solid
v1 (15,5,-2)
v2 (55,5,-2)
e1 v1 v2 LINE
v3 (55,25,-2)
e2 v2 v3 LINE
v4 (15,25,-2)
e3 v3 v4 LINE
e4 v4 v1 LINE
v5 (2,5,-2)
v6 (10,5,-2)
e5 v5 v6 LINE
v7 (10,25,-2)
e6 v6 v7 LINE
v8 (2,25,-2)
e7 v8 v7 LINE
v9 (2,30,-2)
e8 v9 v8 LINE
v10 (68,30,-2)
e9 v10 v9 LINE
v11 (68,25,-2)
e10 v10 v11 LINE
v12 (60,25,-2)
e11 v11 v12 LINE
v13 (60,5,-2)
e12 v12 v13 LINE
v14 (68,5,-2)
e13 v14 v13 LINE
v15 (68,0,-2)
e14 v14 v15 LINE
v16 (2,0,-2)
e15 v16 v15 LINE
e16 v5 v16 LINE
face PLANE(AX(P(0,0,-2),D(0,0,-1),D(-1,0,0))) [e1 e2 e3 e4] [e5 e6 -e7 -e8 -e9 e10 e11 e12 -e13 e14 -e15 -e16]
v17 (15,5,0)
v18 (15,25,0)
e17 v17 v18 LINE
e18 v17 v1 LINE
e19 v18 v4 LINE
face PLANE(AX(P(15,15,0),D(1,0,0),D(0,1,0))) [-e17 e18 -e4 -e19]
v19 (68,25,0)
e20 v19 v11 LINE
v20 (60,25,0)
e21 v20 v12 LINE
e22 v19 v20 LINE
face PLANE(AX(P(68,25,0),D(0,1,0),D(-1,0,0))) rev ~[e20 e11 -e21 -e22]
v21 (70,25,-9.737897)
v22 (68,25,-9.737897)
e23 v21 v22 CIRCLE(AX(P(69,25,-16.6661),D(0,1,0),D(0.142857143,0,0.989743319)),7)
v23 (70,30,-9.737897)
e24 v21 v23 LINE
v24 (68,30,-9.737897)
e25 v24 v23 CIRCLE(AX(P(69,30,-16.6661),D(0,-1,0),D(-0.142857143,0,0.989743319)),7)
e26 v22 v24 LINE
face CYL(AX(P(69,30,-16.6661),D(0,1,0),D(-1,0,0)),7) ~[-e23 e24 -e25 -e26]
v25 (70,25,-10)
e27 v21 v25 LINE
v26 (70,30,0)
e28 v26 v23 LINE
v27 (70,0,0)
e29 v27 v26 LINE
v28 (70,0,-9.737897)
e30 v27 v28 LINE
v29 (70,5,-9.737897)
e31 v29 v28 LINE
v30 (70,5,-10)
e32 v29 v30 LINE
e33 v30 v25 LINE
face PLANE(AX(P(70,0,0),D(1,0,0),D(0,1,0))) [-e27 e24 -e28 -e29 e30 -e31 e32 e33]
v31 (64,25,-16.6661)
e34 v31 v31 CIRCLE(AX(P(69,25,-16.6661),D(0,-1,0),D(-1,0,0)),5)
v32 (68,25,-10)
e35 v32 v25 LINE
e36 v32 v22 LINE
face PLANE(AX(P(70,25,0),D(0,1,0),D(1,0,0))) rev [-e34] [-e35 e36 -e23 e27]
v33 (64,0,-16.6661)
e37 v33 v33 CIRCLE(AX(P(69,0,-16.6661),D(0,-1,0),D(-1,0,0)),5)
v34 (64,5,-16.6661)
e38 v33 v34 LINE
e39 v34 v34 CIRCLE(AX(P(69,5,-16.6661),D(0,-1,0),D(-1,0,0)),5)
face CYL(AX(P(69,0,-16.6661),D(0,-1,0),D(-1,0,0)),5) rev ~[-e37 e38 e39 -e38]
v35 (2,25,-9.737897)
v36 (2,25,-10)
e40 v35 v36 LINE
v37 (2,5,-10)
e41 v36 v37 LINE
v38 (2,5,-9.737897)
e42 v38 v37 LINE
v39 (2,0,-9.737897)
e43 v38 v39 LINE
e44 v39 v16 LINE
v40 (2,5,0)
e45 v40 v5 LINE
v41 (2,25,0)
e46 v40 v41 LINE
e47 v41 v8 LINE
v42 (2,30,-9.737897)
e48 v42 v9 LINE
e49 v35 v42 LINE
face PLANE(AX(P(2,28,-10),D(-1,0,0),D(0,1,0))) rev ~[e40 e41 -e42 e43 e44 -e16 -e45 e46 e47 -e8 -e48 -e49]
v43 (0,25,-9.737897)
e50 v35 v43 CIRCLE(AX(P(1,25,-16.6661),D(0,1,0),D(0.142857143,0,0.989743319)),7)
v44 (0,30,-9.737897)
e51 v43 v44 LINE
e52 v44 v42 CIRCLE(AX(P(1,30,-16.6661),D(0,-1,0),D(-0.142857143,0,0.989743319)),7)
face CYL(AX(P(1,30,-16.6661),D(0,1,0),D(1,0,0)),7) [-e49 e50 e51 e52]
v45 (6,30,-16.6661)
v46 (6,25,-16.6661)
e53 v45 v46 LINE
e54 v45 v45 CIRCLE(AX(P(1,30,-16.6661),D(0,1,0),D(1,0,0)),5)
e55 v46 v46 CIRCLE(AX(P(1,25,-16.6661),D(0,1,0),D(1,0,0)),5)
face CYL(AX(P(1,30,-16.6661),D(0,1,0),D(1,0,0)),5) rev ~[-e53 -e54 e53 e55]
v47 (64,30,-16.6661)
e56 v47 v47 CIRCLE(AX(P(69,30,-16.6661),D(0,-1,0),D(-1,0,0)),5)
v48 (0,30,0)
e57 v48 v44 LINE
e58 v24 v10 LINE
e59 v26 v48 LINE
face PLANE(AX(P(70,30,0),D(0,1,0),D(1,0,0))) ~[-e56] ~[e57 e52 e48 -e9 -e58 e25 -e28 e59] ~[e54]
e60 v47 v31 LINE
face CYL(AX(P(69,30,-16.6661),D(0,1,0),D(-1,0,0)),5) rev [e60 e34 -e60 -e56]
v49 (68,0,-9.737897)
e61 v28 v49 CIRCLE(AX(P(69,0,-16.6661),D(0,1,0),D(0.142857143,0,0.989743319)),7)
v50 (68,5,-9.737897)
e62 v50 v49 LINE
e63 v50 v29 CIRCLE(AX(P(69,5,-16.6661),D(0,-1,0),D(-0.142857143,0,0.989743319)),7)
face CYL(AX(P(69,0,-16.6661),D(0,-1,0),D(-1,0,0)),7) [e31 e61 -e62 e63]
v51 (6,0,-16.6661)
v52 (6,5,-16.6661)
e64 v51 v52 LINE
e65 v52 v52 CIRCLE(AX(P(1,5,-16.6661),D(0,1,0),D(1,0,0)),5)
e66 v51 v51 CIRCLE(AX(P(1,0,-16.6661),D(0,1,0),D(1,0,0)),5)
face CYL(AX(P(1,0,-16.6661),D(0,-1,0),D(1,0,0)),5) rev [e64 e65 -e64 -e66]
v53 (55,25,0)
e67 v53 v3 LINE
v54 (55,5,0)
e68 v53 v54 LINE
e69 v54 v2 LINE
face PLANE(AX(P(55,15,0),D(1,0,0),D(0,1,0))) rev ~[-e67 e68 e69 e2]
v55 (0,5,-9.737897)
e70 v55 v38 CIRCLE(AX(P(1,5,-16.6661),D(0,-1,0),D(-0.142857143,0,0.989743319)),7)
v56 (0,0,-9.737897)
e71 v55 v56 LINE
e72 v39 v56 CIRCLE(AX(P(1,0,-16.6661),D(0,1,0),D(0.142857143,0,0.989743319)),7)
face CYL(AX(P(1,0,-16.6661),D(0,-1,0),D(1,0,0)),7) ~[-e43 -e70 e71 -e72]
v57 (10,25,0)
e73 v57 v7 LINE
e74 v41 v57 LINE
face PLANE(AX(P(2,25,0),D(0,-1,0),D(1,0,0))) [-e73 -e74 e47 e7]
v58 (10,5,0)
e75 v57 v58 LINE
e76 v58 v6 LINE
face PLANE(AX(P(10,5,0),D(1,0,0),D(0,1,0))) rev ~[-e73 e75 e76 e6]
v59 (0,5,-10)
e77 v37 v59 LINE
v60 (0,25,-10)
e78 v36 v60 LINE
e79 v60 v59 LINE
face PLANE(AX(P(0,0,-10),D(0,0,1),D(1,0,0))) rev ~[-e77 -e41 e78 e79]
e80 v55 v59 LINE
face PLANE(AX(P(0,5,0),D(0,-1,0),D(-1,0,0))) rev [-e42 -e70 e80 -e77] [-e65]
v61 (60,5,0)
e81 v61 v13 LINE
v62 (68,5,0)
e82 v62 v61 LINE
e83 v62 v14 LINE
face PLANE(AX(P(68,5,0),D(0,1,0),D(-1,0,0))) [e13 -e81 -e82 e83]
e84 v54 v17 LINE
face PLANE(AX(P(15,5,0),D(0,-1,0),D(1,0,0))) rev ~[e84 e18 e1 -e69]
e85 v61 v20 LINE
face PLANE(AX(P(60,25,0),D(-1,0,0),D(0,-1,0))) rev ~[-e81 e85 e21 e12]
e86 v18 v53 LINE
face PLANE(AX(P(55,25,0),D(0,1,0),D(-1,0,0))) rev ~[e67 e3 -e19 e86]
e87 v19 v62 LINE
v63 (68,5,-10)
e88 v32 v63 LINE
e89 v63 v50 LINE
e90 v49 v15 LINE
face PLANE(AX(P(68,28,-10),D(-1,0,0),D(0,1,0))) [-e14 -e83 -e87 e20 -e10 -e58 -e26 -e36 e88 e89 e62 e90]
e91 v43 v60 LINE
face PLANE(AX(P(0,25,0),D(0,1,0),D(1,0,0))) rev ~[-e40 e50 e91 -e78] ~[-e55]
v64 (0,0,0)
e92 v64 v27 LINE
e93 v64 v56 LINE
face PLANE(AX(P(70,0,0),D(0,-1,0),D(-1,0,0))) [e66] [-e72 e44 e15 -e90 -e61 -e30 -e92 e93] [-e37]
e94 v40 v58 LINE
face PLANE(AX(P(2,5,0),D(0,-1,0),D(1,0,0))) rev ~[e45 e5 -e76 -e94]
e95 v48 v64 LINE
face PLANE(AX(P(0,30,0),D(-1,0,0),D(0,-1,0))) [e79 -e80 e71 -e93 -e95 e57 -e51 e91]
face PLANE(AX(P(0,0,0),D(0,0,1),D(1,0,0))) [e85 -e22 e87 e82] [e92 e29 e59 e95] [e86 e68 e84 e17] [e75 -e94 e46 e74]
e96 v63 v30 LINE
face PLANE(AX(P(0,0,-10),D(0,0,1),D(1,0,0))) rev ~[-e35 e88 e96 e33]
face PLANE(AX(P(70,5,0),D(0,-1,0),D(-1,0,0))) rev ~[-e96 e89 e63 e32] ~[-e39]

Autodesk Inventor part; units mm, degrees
ref_plane "YZ Plane" through (0, 0, 0) normal (1, 0, 0) x (0, 1, 0)
sketch "Sketch1" plane through (0, 0, 0) normal (0, 0, 1) x (1, 0, 0)
  line L0 (0, 0) -> (70, 0)
  line L1 (70, 0) -> (70, 30)
  line L2 (70, 30) -> (0, 30)
  line L3 (0, 30) -> (0, 0)
  line L4 (55, 15) -> (55, 25)
  line L5 (55, 25) -> (35, 25)
  line L6 (68, 15) -> (68, 25)
  line L7 (68, 25) -> (60, 25)
  line L8 (60, 25) -> (60, 15)
  line L9 (15, 15) -> (15, 25)
  line L10 (15, 25) -> (35, 25)
  line L11 (2, 15) -> (2, 25)
  line L12 (2, 25) -> (10, 25)
  line L13 (10, 25) -> (10, 15)
  line L14 (55, 15) -> (55, 5)
  line L15 (55, 5) -> (35, 5)
  line L16 (68, 15) -> (68, 5)
  line L17 (68, 5) -> (60, 5)
  line L18 (60, 5) -> (60, 15)
  line L19 (15, 5) -> (35, 5)
  line L20 (15, 15) -> (15, 5)
  line L21 (10, 5) -> (10, 15)
  line L22 (2, 5) -> (10, 5)
  line L23 (2, 15) -> (2, 5)
  dimension "d0" = 70
  dimension "d1" = 30
  dimension "d2" = 20
  dimension "d3" = 10
  dimension "d5" = 8
extrude "Extrusion1" add sketch "Sketch1" against normal blind 10
sketch "Sketch2" plane through (0, 0, -10) normal (0, 0, -1) x (-1, 0, 0)
  line L0 (-70, 30) -> (-70, 0) projected
  line L1 (-70, 30) -> (0, 30)
  line L2 (0, 30) -> (0, 0)
  line L3 (0, 0) -> (-70, 0)
  line L4 (-70, 0) -> (-70, 30)
  line L5 (-68, 28) -> (-68, 2)
  line L6 (-2, 2) -> (-2, 28)
  line L7 (-68, 28) -> (-68, 30)
  line L8 (-70, 30) -> (0, 30) projected
  line L9 (-68, 2) -> (-68, 0)
  line L10 (-2, 2) -> (-2, 0)
  line L11 (-2, 28) -> (-2, 30)
  line L12 (-68, 30) -> (-2, 30)
  line L13 (-2, 30) -> (-2, 0)
  line L14 (-2, 0) -> (-68, 0)
  line L15 (-68, 0) -> (-68, 30)
extrude "Extrusion2" cut sketch "Sketch2" against normal blind 8 contours L1 L11 L6 L10 L3 L9 L5 L7
sketch "Sketch3" plane through (0, 30, 0) normal (0, 1, 0) x (1, 0, 0)
  line L0 (0, 10) -> (2, 10) projected
  circle A0 centre (1, 16.6661) radius 5
  circle A1 centre (1, 16.6661) radius 7
  point P0 (0, 0)
  dimension "d11" = 10
  dimension "d12" = 2
extrude "Extrusion3" add sketch "Sketch3" against normal blind 5
ref_plane "Work Plane1" through (35, 0, 0) normal (-1, 0, 0) x (0, 0, 1)
ref_plane "Work Plane2" through (0, 15, 0) normal (0, 1, 0) x (1, 0, 0)
mirror "Mirror1" about plane through (0, 15, 0) normal (0, 1, 0) of "Extrusion3"
mirror "Mirror2" about plane through (35, 0, 0) normal (-1, 0, 0) of "Extrusion3", "Mirror1"
properties part number "Slider 10mm"
